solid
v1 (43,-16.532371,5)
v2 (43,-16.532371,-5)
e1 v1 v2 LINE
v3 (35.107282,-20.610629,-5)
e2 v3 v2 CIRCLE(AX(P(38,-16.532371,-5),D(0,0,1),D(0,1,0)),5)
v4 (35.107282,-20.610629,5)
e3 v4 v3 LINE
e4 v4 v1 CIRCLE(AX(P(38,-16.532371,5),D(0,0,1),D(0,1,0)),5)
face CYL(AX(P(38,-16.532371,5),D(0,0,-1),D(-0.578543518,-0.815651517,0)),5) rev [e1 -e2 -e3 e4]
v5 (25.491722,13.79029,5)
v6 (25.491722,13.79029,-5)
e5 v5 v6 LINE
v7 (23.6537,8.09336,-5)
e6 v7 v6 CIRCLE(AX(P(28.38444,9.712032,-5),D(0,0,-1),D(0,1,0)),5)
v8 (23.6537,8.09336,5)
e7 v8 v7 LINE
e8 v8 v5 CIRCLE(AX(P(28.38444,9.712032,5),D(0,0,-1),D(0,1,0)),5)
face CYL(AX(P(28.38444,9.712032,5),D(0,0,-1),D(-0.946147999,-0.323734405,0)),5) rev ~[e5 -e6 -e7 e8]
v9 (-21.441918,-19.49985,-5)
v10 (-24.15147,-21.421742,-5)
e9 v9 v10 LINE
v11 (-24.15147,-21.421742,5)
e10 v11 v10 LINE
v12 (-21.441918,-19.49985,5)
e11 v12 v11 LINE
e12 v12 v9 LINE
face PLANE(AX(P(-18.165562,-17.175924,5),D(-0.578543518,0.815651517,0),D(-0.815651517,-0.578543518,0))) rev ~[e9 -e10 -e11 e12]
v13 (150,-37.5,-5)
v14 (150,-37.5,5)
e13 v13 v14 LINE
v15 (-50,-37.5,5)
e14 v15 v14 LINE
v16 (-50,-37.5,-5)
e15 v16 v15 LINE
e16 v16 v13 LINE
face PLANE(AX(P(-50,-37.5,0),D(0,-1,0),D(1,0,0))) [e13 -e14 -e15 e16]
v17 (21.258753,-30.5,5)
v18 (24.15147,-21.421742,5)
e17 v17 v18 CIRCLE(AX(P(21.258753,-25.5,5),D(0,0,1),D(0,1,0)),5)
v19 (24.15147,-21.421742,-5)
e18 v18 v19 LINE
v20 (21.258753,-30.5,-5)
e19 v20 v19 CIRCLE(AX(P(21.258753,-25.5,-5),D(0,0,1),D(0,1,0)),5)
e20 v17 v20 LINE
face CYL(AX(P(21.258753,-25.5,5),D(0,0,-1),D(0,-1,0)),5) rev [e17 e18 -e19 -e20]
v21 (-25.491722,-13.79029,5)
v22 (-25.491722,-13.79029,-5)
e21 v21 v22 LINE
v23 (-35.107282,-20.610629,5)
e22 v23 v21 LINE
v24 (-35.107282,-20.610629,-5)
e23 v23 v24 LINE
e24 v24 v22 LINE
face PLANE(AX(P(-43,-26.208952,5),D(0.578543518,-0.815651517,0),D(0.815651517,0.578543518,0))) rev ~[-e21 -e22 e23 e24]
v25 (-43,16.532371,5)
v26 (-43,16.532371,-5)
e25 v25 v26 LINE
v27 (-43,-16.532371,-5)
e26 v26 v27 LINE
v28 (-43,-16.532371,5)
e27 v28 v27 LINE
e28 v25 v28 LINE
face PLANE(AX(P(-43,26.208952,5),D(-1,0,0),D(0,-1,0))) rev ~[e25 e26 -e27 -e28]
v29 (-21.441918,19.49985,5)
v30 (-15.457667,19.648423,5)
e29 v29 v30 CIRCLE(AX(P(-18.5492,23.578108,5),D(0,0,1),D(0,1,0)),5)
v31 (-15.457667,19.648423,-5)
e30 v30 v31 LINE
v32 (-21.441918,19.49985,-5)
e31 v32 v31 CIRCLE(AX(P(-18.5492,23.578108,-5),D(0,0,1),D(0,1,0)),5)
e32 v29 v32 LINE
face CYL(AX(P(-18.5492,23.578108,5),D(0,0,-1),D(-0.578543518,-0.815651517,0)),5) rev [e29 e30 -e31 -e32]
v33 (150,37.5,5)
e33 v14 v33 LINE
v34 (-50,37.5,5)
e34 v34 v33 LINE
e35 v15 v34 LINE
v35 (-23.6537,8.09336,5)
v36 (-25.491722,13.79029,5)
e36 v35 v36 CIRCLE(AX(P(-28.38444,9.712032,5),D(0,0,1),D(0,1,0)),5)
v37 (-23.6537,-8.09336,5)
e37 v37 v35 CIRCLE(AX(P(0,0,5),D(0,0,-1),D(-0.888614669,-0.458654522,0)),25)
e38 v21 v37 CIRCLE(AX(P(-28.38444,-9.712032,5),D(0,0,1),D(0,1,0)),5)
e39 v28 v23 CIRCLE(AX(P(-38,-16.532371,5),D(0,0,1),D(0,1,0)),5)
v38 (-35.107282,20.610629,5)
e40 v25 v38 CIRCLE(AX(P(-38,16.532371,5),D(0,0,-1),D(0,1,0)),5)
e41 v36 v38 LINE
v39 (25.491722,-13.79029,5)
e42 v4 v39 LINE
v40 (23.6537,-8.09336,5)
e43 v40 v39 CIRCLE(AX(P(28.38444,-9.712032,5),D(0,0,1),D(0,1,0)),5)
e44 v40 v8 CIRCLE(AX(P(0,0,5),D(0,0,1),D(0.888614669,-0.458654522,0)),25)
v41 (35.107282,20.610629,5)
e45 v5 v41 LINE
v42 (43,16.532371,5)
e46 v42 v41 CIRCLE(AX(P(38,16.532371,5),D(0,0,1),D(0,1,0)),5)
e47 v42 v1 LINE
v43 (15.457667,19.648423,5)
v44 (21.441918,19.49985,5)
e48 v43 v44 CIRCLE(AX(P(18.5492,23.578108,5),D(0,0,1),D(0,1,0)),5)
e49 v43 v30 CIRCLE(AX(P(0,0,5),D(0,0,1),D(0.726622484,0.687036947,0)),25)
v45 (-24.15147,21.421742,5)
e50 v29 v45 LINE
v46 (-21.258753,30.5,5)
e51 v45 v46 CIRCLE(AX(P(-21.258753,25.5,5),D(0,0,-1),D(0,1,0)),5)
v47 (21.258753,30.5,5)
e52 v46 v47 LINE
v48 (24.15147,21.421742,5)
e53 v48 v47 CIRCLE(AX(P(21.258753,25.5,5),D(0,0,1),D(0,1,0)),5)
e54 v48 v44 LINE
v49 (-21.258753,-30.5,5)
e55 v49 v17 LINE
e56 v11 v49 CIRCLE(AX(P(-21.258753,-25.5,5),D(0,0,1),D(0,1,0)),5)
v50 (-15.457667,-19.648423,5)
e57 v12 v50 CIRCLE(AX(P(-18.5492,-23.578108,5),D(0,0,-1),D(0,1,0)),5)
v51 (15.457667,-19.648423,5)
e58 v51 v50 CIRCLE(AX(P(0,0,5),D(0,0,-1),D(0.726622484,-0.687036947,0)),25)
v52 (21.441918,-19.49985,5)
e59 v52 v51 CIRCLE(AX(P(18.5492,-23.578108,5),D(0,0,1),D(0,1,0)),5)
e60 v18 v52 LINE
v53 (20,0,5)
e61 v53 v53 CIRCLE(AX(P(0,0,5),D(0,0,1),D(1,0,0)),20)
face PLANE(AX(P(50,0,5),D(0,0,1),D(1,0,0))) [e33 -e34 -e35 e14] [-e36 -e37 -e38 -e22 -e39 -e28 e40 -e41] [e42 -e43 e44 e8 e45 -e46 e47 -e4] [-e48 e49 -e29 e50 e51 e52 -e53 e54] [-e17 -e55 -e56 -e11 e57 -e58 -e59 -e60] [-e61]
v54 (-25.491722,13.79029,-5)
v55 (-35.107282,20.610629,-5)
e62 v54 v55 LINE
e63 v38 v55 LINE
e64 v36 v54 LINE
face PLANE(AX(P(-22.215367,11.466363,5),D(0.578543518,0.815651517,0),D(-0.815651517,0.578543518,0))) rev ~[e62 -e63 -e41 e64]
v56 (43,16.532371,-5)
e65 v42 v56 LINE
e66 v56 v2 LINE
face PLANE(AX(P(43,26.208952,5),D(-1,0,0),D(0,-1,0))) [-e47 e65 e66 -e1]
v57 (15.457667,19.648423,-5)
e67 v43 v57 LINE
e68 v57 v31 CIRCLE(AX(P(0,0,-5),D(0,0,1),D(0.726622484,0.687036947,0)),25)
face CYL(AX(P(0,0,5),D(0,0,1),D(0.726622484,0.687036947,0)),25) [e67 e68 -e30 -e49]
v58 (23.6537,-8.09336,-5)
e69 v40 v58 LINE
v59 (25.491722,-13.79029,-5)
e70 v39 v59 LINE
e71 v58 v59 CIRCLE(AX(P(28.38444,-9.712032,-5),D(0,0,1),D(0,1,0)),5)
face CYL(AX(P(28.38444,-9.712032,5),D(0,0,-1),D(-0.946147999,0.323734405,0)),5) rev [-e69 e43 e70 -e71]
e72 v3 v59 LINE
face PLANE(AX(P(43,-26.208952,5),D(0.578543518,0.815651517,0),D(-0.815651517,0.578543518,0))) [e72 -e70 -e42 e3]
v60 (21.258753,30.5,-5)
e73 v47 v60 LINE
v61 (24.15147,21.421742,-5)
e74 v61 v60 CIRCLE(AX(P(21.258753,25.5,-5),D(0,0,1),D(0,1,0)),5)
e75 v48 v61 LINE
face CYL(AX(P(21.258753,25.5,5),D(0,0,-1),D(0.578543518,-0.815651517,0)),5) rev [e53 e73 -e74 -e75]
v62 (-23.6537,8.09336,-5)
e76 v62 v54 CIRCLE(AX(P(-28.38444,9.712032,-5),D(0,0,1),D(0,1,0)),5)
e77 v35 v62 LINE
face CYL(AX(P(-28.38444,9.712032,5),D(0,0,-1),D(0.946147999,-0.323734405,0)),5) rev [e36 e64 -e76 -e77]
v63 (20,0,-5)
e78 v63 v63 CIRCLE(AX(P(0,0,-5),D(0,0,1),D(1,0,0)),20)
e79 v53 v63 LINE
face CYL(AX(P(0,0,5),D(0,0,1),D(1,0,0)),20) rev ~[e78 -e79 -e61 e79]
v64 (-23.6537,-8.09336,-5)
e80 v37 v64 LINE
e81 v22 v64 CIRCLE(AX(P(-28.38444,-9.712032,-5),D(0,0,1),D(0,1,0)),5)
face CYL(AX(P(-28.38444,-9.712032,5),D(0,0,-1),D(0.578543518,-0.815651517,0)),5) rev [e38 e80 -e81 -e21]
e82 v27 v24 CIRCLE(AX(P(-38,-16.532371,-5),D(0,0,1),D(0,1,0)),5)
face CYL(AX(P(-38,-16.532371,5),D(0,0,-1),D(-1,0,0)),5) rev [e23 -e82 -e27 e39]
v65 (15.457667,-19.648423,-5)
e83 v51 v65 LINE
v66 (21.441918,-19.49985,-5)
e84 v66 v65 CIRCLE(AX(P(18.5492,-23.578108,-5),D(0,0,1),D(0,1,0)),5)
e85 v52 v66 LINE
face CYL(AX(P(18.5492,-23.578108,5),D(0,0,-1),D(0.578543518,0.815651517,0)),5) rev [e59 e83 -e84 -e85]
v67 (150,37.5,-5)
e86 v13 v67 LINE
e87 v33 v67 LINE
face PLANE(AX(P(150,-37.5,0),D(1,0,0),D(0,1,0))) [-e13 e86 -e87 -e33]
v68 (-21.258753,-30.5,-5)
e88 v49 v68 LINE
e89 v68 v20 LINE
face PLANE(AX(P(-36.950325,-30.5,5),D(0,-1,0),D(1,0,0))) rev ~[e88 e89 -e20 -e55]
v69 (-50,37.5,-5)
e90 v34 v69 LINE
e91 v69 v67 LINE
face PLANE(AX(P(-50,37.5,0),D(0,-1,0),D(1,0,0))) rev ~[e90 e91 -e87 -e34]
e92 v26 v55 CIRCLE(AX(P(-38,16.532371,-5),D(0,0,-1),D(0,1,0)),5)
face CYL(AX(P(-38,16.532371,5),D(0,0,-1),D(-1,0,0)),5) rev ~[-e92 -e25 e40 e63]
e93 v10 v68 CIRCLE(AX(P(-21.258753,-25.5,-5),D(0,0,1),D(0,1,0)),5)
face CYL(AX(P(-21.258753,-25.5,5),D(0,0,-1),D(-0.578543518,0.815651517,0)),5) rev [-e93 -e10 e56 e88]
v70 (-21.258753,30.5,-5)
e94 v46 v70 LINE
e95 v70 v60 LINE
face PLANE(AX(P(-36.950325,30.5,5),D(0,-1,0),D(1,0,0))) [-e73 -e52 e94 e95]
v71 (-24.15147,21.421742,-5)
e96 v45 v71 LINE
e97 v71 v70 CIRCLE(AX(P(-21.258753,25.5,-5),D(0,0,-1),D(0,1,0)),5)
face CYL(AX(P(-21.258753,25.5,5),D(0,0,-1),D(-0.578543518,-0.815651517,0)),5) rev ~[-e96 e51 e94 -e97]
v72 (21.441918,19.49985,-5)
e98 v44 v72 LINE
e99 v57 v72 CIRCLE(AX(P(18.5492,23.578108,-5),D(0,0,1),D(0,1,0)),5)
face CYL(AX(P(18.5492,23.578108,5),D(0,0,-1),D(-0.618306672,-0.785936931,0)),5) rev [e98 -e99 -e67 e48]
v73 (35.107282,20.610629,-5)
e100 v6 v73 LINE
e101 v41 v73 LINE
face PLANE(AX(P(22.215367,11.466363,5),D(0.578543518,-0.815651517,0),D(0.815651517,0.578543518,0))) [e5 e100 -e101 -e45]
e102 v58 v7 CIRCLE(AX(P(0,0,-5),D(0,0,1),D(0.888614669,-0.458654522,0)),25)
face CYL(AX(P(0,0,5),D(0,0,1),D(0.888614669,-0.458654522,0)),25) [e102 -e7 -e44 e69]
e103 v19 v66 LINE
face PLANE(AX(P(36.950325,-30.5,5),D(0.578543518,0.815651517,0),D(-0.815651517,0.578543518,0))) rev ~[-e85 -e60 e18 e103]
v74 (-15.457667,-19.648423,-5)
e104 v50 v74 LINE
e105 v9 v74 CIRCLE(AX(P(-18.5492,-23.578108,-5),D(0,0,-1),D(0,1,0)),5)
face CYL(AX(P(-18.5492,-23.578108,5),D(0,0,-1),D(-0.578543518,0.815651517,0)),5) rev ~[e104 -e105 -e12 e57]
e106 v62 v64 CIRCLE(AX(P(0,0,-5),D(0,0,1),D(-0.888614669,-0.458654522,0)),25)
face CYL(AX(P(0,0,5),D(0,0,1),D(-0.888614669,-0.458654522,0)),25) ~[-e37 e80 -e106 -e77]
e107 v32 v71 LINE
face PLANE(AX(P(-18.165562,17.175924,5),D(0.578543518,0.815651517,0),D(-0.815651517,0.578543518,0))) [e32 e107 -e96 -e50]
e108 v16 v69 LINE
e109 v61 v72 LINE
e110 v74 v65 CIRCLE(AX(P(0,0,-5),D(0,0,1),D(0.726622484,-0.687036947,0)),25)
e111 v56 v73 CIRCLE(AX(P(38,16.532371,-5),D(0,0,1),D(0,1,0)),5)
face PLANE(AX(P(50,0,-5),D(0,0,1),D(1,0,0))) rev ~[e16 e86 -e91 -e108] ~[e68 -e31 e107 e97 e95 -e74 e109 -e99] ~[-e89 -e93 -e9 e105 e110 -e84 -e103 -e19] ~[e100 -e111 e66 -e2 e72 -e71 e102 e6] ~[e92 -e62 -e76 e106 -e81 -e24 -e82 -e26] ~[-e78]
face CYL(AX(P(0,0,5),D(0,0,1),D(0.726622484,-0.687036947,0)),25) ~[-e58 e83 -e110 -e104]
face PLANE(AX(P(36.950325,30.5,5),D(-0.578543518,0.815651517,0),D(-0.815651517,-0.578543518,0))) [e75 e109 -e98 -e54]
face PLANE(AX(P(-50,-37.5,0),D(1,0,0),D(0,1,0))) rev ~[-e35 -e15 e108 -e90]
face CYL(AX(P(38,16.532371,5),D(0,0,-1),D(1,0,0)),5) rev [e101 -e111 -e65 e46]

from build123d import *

# Parameters (mm, degrees)
SKETCH1_W           = 200
SKETCH1_H           = 75
BOSS_EXTRUDE3_DEPTH = 5
SKETCH2_R           = 20
CUT_EXTRUDE1_DEPTH  = 155.939504323
CUT_EXTRUDE2_DEPTH  = 155.939504323
FILLET1_R           = 5


with BuildPart() as part:
    # Sketch1 → Boss-Extrude3 (new, symmetric)
    with BuildSketch(Plane.XY):
        with Locations((50, 0)):
            Rectangle(SKETCH1_W, SKETCH1_H)
    extrude(amount=BOSS_EXTRUDE3_DEPTH, both=True)

    # Sketch2 → Cut-Extrude1 (cut, through all)
    with BuildSketch(Plane.XY.offset(5)):
        Circle(SKETCH2_R)
    extrude(amount=-CUT_EXTRUDE1_DEPTH, mode=Mode.SUBTRACT)

    # Sketch3 → Cut-Extrude2 (cut, through all)
    with BuildSketch(Plane.XY.offset(5)):
        with BuildLine():
            Line((-43, 26.20895177), (-43, -26.20895177))
            Line((-43, -26.20895177), (-22.215366719, -11.466363047))
            ThreePointArc((-22.215366719, -11.466363047), (-25, 0), (-22.215366719, 11.466363047))
            Line((-22.215366719, 11.466363047), (-43, 26.20895177))
        make_face()
        with BuildLine():
            Line((-36.950325446, 30.5), (36.950325446, 30.5))
            Line((36.950325446, 30.5), (18.165562093, 17.175923668))
            ThreePointArc((18.165562093, 17.175923668), (0, 25), (-18.165562093, 17.175923668))
            Line((-18.165562093, 17.175923668), (-36.950325446, 30.5))
        make_face()
        with BuildLine():
            Line((22.215366719, 11.466363047), (43, 26.20895177))
            Line((43, 26.20895177), (43, -26.20895177))
            Line((43, -26.20895177), (22.215366719, -11.466363047))
            ThreePointArc((22.215366719, -11.466363047), (25, 0), (22.215366719, 11.466363047))
        make_face()
        with BuildLine():
            Line((-18.165562093, -17.175923668), (-36.950325446, -30.5))
            Line((-36.950325446, -30.5), (36.950325446, -30.5))
            Line((36.950325446, -30.5), (18.165562093, -17.175923668))
            ThreePointArc((18.165562093, -17.175923668), (0, -25), (-18.165562093, -17.175923668))
        make_face()
    extrude(amount=-CUT_EXTRUDE2_DEPTH, mode=Mode.SUBTRACT)

    # Fillet1
    fillet1_edges = [part.edges().sort_by_distance(p)[0] for p in [
        (-43, 26.20895177, 0),
        (-22.215366719, 11.466363047, 0),
        (-22.215366719, -11.466363047, 0),
        (-43, -26.20895177, 0),
        (-18.165562093, 17.175923668, 0),
        (-36.950325446, 30.5, 0),
        (36.950325446, 30.5, 0),
        (18.165562093, 17.175923668, 0),
        (22.215366719, -11.466363047, 0),
        (22.215366719, 11.466363047, 0),
        (43, 26.20895177, 0),
        (43, -26.20895177, 0),
        (-18.165562093, -17.175923668, 0),
        (18.165562093, -17.175923668, 0),
        (36.950325446, -30.5, 0),
        (-36.950325446, -30.5, 0),
    ]]
    fillet(fillet1_edges, radius=FILLET1_R)


solid = part.part
